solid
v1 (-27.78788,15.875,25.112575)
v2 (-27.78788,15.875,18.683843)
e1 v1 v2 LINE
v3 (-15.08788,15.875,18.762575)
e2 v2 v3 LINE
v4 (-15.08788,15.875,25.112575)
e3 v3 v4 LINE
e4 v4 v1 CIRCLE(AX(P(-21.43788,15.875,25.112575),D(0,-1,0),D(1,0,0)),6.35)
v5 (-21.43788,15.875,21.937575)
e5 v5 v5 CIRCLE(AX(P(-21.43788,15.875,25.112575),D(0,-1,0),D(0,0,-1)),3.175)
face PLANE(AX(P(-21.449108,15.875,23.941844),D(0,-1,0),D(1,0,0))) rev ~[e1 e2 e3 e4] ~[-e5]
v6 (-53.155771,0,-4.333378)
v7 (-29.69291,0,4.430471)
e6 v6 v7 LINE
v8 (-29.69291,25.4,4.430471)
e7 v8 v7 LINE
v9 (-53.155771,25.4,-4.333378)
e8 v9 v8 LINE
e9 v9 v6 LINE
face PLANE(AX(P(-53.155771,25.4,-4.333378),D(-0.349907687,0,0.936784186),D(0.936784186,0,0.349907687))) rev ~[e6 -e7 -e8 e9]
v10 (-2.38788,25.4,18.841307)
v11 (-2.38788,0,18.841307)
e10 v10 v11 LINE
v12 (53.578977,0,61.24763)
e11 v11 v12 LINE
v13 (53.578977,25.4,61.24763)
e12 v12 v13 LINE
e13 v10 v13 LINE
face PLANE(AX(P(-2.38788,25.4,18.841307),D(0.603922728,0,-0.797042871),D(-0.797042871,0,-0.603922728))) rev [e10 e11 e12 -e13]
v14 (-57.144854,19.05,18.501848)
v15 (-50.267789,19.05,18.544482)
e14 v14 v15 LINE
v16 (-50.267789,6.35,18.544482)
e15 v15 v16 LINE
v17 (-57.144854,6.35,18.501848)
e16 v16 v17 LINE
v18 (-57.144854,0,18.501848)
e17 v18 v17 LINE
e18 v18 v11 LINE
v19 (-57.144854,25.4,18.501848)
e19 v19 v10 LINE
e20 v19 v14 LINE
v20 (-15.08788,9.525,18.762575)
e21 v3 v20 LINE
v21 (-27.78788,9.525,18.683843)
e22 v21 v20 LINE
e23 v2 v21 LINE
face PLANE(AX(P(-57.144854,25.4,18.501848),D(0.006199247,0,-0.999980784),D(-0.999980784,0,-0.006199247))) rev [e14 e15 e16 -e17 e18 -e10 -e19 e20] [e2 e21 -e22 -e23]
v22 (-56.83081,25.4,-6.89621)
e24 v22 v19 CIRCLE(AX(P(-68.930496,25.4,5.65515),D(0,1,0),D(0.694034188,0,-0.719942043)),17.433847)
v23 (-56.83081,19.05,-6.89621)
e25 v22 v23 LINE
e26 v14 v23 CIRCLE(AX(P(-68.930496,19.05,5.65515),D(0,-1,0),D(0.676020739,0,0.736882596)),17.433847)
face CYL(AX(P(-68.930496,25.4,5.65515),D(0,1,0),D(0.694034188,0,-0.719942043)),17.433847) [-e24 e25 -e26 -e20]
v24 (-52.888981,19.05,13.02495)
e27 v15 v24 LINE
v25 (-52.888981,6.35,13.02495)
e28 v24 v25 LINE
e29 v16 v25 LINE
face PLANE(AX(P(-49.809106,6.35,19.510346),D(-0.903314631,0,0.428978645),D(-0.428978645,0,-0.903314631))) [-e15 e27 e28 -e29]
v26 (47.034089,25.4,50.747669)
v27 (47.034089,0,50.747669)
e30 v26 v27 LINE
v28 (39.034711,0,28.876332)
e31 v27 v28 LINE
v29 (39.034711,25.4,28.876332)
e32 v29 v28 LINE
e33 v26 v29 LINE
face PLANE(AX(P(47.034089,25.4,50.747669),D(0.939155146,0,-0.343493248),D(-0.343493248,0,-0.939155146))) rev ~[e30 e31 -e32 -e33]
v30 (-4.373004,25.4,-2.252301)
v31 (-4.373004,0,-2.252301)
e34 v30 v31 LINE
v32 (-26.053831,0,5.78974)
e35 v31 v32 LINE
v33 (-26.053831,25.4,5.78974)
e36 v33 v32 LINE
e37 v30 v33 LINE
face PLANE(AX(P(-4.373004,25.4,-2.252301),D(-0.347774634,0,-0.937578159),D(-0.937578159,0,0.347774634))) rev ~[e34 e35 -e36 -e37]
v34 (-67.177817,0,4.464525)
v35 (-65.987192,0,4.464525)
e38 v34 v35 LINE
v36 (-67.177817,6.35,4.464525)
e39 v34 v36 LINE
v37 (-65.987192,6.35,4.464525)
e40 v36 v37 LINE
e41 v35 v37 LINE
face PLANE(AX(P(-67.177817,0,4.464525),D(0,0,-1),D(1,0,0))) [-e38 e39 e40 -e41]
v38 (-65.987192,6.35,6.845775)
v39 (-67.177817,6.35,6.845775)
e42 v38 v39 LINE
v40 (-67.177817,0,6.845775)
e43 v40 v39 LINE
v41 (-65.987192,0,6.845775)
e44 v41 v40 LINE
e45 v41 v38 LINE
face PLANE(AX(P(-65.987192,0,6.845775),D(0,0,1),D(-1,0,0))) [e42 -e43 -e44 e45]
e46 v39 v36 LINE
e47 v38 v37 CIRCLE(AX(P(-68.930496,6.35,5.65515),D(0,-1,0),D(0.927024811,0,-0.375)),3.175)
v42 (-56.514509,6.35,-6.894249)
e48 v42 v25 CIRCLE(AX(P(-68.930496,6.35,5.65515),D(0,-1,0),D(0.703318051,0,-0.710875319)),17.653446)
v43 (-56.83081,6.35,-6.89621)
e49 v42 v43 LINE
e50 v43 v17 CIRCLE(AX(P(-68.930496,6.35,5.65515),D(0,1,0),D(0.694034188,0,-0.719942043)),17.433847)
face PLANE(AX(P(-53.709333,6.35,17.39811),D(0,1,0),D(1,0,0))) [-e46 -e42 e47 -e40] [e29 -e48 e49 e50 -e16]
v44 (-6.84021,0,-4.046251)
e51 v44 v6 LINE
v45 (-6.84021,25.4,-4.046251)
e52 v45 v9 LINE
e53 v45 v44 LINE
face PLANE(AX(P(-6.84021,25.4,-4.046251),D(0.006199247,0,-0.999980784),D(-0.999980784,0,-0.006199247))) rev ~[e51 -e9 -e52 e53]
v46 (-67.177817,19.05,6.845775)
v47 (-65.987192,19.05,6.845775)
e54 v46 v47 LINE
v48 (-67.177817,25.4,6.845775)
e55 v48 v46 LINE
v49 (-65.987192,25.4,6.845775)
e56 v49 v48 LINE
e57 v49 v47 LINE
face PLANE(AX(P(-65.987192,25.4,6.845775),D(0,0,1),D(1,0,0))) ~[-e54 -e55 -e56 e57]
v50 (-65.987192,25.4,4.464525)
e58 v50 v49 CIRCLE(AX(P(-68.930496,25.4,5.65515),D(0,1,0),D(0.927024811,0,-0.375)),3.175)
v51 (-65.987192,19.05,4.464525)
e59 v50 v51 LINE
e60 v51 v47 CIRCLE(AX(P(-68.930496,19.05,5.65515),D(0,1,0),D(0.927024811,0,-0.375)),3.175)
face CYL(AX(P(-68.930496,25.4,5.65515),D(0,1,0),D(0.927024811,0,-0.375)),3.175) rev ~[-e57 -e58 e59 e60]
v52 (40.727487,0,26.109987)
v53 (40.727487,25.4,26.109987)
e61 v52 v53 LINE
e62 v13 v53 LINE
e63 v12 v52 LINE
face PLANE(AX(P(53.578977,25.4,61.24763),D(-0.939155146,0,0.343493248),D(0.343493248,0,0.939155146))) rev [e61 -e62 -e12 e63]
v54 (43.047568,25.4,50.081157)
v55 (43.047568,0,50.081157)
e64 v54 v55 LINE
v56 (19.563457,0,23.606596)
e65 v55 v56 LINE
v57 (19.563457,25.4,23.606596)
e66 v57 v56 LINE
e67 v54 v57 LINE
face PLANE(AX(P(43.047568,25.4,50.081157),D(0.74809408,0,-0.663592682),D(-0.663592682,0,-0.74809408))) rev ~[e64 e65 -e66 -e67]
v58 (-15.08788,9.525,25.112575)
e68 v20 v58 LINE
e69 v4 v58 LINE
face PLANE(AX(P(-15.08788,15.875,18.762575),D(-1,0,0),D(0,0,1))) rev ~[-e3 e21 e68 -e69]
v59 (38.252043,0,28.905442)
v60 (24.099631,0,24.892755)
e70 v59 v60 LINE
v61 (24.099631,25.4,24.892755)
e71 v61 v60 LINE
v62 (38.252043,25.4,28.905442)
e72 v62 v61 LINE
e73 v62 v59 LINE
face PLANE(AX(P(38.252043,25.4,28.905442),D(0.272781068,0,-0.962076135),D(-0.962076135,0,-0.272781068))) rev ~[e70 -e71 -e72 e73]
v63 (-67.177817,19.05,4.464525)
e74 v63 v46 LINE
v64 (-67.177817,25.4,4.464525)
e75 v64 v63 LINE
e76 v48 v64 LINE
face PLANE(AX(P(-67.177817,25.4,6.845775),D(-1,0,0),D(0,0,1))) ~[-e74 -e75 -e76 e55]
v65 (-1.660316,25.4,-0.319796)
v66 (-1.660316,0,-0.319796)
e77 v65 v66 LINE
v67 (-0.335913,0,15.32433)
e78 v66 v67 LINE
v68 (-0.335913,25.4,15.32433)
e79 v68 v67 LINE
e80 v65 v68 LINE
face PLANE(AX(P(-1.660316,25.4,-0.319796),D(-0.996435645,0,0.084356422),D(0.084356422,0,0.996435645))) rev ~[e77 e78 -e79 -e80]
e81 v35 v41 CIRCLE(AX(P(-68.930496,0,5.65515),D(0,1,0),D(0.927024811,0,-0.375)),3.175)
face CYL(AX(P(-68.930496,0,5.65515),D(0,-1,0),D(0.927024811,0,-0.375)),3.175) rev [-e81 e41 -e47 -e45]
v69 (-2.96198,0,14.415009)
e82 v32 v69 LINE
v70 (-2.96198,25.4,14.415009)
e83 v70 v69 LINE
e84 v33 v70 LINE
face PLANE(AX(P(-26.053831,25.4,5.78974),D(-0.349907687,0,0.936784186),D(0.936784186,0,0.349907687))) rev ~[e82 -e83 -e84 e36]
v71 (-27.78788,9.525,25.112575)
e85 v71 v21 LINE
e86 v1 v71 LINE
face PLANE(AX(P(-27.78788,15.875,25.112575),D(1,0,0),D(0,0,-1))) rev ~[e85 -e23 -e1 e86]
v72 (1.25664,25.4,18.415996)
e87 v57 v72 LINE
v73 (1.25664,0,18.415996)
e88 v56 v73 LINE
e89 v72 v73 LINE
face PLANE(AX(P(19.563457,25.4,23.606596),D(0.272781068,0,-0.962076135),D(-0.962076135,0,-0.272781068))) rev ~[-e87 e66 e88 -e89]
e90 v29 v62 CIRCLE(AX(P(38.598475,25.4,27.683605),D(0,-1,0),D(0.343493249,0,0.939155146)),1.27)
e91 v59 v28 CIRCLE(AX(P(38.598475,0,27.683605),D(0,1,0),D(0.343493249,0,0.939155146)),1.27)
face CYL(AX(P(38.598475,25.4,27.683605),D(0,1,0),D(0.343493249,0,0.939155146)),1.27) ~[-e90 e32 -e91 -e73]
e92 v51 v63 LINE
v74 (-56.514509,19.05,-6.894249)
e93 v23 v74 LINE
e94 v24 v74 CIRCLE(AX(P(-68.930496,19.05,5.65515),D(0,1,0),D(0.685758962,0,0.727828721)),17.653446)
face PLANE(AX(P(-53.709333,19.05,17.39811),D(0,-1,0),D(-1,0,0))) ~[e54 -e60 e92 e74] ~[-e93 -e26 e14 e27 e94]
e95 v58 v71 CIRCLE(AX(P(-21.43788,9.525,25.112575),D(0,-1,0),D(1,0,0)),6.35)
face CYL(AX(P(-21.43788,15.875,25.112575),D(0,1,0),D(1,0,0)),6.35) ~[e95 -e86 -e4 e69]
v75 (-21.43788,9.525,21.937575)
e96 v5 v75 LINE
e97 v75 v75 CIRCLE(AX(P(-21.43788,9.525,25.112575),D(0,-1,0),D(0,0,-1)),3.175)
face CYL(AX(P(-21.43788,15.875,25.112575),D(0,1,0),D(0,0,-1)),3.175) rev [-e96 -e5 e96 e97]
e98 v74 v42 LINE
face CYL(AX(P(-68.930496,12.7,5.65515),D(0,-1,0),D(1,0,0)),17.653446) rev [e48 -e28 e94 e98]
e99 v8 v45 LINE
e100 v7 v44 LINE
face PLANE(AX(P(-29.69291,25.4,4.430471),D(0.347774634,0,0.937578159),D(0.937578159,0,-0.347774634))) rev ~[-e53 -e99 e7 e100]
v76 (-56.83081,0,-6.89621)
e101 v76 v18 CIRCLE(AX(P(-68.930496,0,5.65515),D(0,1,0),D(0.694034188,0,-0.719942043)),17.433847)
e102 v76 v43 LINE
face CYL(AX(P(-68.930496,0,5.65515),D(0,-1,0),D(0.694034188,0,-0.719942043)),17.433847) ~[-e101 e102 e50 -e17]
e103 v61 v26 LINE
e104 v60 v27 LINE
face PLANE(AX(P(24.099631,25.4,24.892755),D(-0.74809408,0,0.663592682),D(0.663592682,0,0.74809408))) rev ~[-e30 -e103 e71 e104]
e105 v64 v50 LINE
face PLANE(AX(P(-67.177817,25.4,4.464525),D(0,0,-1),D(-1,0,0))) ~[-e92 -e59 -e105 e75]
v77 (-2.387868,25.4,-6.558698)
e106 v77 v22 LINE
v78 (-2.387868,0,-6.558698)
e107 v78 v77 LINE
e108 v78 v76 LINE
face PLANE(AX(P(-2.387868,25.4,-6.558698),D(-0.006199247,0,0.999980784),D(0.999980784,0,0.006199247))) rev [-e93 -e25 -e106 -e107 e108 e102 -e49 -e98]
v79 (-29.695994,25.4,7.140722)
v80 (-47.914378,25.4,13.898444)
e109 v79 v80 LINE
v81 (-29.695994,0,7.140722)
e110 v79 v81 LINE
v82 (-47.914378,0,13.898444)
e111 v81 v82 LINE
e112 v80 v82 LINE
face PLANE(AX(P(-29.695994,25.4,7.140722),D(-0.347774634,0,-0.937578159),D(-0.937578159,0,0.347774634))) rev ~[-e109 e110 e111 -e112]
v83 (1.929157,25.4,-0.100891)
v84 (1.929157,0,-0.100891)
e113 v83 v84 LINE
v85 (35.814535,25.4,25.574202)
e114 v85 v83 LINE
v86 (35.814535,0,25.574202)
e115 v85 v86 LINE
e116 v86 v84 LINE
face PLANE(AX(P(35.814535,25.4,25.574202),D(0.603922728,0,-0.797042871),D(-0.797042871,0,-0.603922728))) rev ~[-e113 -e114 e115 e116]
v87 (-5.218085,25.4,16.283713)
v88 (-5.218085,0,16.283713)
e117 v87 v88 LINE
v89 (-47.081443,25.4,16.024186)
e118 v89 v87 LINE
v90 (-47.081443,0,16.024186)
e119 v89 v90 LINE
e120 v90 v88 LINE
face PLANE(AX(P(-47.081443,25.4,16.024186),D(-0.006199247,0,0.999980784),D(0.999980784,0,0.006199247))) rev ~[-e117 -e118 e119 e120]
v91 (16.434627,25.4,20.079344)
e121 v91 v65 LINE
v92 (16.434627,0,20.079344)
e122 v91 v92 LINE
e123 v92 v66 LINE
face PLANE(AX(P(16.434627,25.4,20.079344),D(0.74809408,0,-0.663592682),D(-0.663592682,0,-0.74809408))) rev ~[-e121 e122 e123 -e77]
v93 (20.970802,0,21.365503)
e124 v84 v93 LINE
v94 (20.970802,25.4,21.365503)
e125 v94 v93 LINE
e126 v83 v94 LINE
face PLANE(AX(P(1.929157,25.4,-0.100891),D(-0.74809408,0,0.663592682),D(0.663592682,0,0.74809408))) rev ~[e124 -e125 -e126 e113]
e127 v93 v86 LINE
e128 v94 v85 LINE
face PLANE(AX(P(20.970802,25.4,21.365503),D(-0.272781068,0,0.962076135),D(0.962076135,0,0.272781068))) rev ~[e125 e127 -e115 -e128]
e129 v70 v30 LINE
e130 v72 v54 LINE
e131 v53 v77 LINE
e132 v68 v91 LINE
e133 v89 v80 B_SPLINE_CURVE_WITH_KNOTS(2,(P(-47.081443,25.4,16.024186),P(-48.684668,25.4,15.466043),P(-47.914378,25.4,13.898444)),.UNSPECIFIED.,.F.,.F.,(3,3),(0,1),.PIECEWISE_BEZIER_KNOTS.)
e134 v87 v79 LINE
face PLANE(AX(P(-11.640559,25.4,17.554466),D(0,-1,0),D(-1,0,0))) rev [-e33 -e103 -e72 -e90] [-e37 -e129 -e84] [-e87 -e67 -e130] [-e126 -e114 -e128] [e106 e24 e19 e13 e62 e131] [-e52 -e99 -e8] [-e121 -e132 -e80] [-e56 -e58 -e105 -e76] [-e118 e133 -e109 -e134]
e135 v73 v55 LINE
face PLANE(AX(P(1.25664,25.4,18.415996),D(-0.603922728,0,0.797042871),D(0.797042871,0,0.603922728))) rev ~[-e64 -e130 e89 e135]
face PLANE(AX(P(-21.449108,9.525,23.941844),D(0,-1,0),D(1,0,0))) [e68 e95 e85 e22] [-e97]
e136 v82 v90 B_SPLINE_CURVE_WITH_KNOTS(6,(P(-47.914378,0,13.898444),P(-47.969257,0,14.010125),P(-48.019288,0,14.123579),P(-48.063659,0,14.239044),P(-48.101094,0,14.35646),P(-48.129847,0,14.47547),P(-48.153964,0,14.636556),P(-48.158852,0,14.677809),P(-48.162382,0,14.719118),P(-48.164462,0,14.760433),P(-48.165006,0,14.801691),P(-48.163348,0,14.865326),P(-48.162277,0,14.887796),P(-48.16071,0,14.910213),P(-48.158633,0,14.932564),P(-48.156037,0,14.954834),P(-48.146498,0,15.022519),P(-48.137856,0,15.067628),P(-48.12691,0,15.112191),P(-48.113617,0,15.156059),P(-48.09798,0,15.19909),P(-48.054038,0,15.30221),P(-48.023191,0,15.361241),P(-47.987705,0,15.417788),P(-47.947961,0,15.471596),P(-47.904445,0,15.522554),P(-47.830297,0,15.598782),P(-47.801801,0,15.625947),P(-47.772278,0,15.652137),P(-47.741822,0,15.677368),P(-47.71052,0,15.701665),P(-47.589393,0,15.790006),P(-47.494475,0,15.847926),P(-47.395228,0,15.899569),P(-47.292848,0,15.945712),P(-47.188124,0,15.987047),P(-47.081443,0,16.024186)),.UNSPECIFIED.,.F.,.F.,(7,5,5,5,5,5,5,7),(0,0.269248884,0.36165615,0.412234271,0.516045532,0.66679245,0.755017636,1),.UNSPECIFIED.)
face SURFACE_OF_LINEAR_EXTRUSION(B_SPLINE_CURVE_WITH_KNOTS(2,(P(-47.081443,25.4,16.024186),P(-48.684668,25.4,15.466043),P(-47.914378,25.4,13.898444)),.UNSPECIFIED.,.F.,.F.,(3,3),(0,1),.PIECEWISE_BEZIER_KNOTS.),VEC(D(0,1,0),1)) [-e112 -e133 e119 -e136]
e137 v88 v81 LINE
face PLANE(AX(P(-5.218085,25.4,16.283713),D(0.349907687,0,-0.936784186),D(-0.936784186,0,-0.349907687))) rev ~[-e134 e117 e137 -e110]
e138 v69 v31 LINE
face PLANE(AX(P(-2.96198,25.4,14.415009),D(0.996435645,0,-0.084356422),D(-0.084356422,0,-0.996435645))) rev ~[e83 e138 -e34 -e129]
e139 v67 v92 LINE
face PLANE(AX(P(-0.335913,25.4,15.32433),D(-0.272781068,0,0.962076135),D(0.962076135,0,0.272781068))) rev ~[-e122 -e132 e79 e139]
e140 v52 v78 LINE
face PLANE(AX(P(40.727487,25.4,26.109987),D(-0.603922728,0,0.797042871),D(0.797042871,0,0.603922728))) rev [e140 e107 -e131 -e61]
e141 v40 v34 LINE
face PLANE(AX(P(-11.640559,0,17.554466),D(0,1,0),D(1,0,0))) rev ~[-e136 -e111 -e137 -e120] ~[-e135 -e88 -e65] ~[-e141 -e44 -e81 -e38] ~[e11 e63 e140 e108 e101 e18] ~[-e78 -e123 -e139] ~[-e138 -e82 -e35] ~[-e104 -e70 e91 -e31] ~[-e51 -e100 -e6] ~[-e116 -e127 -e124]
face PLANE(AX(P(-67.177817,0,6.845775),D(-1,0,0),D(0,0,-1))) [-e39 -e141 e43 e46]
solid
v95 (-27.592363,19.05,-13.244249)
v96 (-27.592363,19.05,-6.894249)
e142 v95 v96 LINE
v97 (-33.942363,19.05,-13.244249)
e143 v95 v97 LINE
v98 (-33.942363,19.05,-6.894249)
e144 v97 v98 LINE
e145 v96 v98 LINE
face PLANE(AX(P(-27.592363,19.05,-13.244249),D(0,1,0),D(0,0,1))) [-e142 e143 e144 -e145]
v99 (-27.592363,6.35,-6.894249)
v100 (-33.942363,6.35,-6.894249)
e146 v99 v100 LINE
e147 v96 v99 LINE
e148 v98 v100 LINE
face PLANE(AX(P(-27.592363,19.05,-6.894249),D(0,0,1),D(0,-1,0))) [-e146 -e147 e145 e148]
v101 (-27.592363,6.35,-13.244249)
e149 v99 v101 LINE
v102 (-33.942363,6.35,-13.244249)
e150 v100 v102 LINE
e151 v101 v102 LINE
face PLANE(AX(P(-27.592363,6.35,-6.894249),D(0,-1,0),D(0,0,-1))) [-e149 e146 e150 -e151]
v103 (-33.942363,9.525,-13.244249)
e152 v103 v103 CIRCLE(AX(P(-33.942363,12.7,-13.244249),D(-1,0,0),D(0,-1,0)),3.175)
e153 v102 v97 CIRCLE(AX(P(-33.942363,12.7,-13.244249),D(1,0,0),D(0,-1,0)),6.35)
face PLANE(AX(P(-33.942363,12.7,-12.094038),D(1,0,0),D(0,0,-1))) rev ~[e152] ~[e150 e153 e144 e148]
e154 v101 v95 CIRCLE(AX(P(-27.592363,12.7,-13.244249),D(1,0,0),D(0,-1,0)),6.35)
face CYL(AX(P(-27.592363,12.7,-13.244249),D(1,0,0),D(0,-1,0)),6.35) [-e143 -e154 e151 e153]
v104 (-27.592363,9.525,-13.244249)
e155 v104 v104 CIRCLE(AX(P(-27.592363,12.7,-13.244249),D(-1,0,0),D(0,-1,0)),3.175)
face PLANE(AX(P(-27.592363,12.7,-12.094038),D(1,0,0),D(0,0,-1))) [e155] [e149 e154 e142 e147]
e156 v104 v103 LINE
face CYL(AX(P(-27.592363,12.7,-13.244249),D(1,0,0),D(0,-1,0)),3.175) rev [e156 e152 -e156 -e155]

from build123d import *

# Parameters (mm, degrees)
BOSS_EXTRUDE4_DEPTH      = 12.7
SKETCH4_R                = 17.653445752
CUT_EXTRUDE1_DEPTH       = 6.35
CUT_EXTRUDE2_DEPTH       = 6.35
CUT_EXTRUDE5_DEPTH       = 109.881733746
BOSS_EXTRUDE6_DEPTH      = 3.175
BOSS_EXTRUDE6_DEPTH_BACK = 3.175
SKETCH9_R                = 3.175
BOSS_EXTRUDE7_DEPTH      = 3.175
BOSS_EXTRUDE7_DEPTH_BACK = 3.175
SKETCH10_R               = 3.175


with BuildPart() as part:
    # Sketch2 → Boss-Extrude4 (new body)
    with BuildSketch(Plane(origin=(0, 0, 0), x_dir=(1, 0, 0), z_dir=(0, 1, 0))):
        with BuildLine():
            Line((-2.387880417, -18.841306965), (53.578976921, -61.247629626))
            Line((53.578976921, -61.247629626), (40.727486813, -26.109986808))
            Line((40.727486813, -26.109986808), (-2.387867851, 6.558698348))
            Line((-2.387867851, 6.558698348), (-56.830809788, 6.896210087))
            ThreePointArc((-56.830809788, 6.896210087), (-86.36301081, -5.439598854), (-57.144853521, -18.501848432))
            Line((-57.144853521, -18.501848432), (-2.387880417, -18.841306965))
        make_face()
        with BuildLine():
            Line((-65.987192171, -6.845774662), (-67.177817171, -6.845774662))
            Line((-67.177817171, -6.845774662), (-67.177817171, -4.464524662))
            Line((-67.177817171, -4.464524662), (-65.987192171, -4.464524662))
            ThreePointArc((-65.987192171, -4.464524662), (-72.105495945, -5.655149662), (-65.987192171, -6.845774662))
        make_face(mode=Mode.SUBTRACT)
    boss_extrude4 = extrude(amount=BOSS_EXTRUDE4_DEPTH)

    # Sketch4 → Cut-Extrude1 (cut)
    with BuildSketch(Plane(origin=(0, 12.7, 0), x_dir=(1, 0, 0), z_dir=(0, 1, 0))):
        with Locations((-68.930495945, -5.655149662)):
            Circle(SKETCH4_R)
    cut_extrude1 = extrude(amount=-CUT_EXTRUDE1_DEPTH, mode=Mode.SUBTRACT)

    # Triangleout → Cut-Extrude2 (cut)
    with BuildSketch(Plane(origin=(0, 6.35, 0), x_dir=(1, 0, 0), z_dir=(0, 1, 0))):
        Polygon((-58.106305107, -19.510345754), (-49.809105951, -19.510345754), (-52.888981235, -13.024949709), align=None)
    cut_extrude2 = extrude(amount=CUT_EXTRUDE2_DEPTH, mode=Mode.SUBTRACT)

    # Mirror3: Boss-Extrude4, Cut-Extrude1, Cut-Extrude2 across plane
    add(boss_extrude4.mirror(Plane(origin=(-68.930495945, 12.7, 5.655149662), x_dir=(0, 0, 1), z_dir=(0, -1, 0))))
    add(cut_extrude1.mirror(Plane(origin=(-68.930495945, 12.7, 5.655149662), x_dir=(0, 0, 1), z_dir=(0, -1, 0))), mode=Mode.SUBTRACT)
    add(cut_extrude2.mirror(Plane(origin=(-68.930495945, 12.7, 5.655149662), x_dir=(0, 0, 1), z_dir=(0, -1, 0))), mode=Mode.SUBTRACT)

    # Sketch5 → Cut-Extrude5 (cut, through all)
    with BuildSketch(Plane(origin=(0, 25.4, 0), x_dir=(1, 0, 0), z_dir=(0, 1, 0))):
        with BuildLine():
            Line((24.099631315, -24.892755187), (47.034088631, -50.747669189))
            Line((47.034088631, -50.747669189), (39.03471101, -28.876331991))
            ThreePointArc((39.03471101, -28.876331991), (38.645676848, -28.952727466), (38.252042628, -28.905441646))
            Line((38.252042628, -28.905441646), (24.099631315, -24.892755187))
        make_face()
        Polygon((1.256640277, -18.415995941), (43.047568139, -50.081157351), (19.563456511, -23.606596468), align=None)
        Polygon((-0.335913055, -15.324329604), (16.434626788, -20.079343901), (-1.660316127, 0.319795544), align=None)
        Polygon((1.929156818, 0.100890993), (20.970801592, -21.365502621), (35.814534972, -25.574202228), align=None)
        with BuildLine():
            Line((-47.081442632, -16.024186394), (-5.218084554, -16.283712685))
            Line((-5.218084554, -16.283712685), (-29.69599423, -7.140722356))
            Line((-29.69599423, -7.140722356), (-47.914378424, -13.898443659))
            add(Edge.make_bspline(
                [(-47.081442632, -16.024186394), (-48.684668247, -15.466043094), (-47.914378424, -13.898443659)],
                knots=[0, 0, 0, 1, 1, 1], degree=2))
        make_face()
        Polygon((-26.05383136, -5.78973967), (-2.9619803, -14.4150093), (-4.373004357, 2.252300993), align=None)
        Polygon((-29.692909923, -4.430470821), (-6.840209692, 4.046251237), (-53.155770657, 4.333378365), align=None)
    extrude(amount=-CUT_EXTRUDE5_DEPTH, mode=Mode.SUBTRACT)

    # Sketch10 → Boss-Extrude7 (add, two sides: drawn at the far end of the back side and taken through both)
    with BuildSketch(Plane.XZ.offset(-12.7).offset(-BOSS_EXTRUDE7_DEPTH_BACK)):
        with BuildLine():
            Line((-27.787880417, 18.683843062), (-15.087880417, 18.762575013))
            Line((-15.087880417, 18.762575013), (-15.087880417, 25.112575013))
            ThreePointArc((-15.087880417, 25.112575013), (-21.437880417, 31.462575013), (-27.787880417, 25.112575013))
            Line((-27.787880417, 25.112575013), (-27.787880417, 18.683843062))
        make_face()
        with Locations((-21.437880417, 25.112575013)):
            Circle(SKETCH10_R, mode=Mode.SUBTRACT)
    extrude(amount=BOSS_EXTRUDE7_DEPTH + BOSS_EXTRUDE7_DEPTH_BACK)


with BuildPart() as body_2:
    # Sketch9 → Boss-Extrude6 (new, two sides: drawn at the far end of the back side and taken through both)
    with BuildSketch(Plane.ZY.offset(30.767363181).offset(-BOSS_EXTRUDE6_DEPTH_BACK)):
        with BuildLine():
            Line((-13.244249221, 19.05), (-6.894249221, 19.05))
            Line((-6.894249221, 19.05), (-6.894249221, 6.35))
            Line((-6.894249221, 6.35), (-13.244249221, 6.35))
            ThreePointArc((-13.244249221, 6.35), (-19.594249221, 12.7), (-13.244249221, 19.05))
        make_face()
        with Locations((-13.244249221, 12.7)):
            Circle(SKETCH9_R, mode=Mode.SUBTRACT)
    extrude(amount=BOSS_EXTRUDE6_DEPTH + BOSS_EXTRUDE6_DEPTH_BACK)


solid = Compound([part.part, body_2.part])
